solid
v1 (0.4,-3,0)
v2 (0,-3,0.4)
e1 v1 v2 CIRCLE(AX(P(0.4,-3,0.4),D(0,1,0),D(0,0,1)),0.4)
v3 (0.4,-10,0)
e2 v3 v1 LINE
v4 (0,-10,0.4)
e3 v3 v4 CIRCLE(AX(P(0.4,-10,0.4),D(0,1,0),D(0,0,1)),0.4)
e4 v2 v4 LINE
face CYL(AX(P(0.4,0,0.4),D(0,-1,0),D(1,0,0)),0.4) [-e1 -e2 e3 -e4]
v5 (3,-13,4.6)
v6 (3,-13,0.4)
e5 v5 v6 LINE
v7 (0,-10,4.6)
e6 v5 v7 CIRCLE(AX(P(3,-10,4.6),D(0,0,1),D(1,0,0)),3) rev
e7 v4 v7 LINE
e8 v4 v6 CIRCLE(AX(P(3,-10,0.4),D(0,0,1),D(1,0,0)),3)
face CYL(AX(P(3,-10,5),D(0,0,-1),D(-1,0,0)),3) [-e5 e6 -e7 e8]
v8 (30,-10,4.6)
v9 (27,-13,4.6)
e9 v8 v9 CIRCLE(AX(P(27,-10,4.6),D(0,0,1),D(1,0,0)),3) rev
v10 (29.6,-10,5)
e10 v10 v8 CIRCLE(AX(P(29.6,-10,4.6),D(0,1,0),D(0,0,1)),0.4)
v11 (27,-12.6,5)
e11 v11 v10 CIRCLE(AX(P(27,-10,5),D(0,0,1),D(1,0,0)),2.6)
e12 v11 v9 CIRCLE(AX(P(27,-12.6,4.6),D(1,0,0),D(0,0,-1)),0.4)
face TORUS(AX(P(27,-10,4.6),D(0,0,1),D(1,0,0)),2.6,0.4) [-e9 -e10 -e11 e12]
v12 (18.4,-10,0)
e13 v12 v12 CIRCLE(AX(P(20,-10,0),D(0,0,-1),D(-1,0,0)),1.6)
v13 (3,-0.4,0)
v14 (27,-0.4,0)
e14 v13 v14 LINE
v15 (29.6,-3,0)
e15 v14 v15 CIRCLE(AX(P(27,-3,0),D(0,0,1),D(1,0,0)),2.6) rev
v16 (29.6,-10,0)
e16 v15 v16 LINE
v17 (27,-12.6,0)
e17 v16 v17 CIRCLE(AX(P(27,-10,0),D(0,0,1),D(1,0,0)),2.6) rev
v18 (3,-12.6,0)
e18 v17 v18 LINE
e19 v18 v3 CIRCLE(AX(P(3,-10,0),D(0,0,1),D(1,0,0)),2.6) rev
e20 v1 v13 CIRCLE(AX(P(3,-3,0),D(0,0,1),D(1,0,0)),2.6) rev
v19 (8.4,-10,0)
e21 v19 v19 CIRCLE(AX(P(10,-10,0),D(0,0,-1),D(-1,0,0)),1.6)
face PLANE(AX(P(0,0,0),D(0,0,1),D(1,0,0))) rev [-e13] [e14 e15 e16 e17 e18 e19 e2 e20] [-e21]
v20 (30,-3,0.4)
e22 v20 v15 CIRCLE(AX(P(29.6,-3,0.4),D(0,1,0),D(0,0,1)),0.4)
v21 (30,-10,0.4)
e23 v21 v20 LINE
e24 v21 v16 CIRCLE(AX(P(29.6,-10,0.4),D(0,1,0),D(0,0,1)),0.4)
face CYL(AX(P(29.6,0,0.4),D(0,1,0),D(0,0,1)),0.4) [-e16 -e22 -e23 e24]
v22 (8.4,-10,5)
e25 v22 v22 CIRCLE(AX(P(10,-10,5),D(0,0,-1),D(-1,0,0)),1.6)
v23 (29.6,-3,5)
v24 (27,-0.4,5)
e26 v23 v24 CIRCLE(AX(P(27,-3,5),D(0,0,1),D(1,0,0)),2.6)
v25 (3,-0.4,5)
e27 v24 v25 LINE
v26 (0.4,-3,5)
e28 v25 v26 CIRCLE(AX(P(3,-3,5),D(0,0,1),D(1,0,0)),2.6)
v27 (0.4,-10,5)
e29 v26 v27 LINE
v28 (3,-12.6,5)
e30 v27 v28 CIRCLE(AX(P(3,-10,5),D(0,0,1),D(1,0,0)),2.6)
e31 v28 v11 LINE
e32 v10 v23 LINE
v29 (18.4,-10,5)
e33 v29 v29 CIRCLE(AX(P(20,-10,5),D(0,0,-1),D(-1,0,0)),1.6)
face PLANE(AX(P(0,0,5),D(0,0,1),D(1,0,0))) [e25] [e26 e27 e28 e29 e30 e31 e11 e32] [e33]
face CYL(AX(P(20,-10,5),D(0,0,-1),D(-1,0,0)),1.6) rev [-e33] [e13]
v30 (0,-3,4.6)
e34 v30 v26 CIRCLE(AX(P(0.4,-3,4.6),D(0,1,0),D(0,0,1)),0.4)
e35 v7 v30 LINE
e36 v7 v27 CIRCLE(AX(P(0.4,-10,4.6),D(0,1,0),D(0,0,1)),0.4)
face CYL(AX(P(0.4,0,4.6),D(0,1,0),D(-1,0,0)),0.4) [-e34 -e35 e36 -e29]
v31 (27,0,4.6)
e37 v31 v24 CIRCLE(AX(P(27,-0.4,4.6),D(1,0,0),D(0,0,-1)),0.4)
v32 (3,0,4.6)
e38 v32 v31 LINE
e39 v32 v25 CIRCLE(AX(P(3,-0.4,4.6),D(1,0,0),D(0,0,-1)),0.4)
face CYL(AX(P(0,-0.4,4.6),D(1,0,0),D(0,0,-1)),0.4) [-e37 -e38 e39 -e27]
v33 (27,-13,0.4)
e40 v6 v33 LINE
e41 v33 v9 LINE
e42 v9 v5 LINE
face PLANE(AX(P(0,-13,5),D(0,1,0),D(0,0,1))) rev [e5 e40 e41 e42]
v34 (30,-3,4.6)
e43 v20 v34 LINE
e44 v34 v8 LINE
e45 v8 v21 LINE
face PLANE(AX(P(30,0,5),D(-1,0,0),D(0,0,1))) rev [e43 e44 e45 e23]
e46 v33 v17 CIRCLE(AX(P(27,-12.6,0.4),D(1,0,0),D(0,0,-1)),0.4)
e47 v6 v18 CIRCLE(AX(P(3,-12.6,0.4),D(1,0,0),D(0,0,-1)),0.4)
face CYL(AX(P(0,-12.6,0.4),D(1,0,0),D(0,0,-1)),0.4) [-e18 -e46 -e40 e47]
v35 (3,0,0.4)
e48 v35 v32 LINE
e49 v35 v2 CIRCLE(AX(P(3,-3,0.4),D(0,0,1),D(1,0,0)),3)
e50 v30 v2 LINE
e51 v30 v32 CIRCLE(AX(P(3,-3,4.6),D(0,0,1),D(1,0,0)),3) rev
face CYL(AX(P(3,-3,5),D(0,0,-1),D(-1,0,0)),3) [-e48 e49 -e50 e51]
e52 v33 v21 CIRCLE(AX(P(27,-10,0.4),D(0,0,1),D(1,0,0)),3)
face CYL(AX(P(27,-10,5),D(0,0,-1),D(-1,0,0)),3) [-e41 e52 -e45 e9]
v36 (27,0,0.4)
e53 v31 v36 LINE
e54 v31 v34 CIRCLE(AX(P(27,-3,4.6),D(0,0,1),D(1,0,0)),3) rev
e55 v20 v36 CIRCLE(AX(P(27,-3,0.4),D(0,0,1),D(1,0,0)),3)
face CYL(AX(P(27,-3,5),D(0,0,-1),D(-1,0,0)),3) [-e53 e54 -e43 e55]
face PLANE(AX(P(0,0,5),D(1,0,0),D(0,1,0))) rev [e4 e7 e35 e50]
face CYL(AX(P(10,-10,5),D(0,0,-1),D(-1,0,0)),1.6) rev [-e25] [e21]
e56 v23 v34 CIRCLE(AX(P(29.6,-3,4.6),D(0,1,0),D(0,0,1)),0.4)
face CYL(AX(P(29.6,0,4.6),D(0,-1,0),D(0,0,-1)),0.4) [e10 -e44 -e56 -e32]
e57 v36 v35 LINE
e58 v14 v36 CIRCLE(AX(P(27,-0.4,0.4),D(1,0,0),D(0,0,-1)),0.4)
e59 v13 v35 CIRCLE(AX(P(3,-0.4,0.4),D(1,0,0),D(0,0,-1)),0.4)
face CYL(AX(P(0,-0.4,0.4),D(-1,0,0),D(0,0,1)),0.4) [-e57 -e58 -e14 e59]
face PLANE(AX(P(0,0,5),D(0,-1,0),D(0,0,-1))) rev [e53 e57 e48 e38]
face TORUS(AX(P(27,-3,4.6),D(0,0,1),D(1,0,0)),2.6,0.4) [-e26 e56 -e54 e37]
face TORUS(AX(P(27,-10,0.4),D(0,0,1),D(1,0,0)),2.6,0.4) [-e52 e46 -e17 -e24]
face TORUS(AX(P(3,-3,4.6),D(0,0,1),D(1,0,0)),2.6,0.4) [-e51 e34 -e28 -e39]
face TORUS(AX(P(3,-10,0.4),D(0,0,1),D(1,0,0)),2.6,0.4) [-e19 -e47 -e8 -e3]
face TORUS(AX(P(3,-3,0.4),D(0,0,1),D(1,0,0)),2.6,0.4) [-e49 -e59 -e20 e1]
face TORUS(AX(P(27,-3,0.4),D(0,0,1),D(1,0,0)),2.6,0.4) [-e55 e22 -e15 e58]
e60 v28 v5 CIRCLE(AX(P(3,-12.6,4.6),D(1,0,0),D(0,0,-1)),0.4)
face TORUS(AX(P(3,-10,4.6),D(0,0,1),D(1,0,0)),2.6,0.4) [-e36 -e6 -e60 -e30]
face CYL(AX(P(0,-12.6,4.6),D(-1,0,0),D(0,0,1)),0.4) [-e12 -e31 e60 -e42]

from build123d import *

# Parameters (mm, degrees)
SKETCH1_W           = 30
SKETCH1_H           = 13
BOSS_EXTRUDE1_DEPTH = 5
SKETCH2_R           = 1.6
CUT_EXTRUDE1_DEPTH  = 34.075670817
FILLET1_R           = 3
FILLET2_R           = 0.4


with BuildPart() as part:
    # Sketch1 → Boss-Extrude1 (new body)
    with BuildSketch(Plane.XY):
        with Locations((15, -6.5)):
            Rectangle(SKETCH1_W, SKETCH1_H)
    extrude(amount=BOSS_EXTRUDE1_DEPTH)

    # Sketch2 → Cut-Extrude1 (cut, through all)
    with BuildSketch(Plane(origin=(0, 0, 0), x_dir=(-1, 0, 0), z_dir=(0, 0, -1))):
        with Locations((-20, -10)):
            Circle(SKETCH2_R)
        with Locations((-10, -10)):
            Circle(SKETCH2_R)
    extrude(amount=-CUT_EXTRUDE1_DEPTH, mode=Mode.SUBTRACT)

    # Fillet1
    fillet1_edges = [part.edges().sort_by_distance(p)[0] for p in [
        (0, 0, 2.5),
        (30, 0, 2.5),
        (30, -13, 2.5),
        (0, -13, 2.5),
    ]]
    fillet(fillet1_edges, radius=FILLET1_R)

    # Fillet2
    fillet2_edges = [part.edges().sort_by_distance(p)[0] for p in [
        (0, -6.5, 0),
        (0, -6.5, 5),
        (15, 0, 0),
        (30, -6.5, 0),
        (15, -13, 0),
        (29.121320344, -0.878679656, 0),
        (29.121320344, -12.121320344, 0),
        (0.878679656, -12.121320344, 0),
        (0.878679656, -0.878679656, 0),
        (15, 0, 5),
        (15, -13, 5),
        (30, -6.5, 5),
        (29.121320344, -0.878679656, 5),
        (29.121320344, -12.121320344, 5),
        (0.878679656, -12.121320344, 5),
        (0.878679656, -0.878679656, 5),
    ]]
    fillet(fillet2_edges, radius=FILLET2_R)


solid = part.part
